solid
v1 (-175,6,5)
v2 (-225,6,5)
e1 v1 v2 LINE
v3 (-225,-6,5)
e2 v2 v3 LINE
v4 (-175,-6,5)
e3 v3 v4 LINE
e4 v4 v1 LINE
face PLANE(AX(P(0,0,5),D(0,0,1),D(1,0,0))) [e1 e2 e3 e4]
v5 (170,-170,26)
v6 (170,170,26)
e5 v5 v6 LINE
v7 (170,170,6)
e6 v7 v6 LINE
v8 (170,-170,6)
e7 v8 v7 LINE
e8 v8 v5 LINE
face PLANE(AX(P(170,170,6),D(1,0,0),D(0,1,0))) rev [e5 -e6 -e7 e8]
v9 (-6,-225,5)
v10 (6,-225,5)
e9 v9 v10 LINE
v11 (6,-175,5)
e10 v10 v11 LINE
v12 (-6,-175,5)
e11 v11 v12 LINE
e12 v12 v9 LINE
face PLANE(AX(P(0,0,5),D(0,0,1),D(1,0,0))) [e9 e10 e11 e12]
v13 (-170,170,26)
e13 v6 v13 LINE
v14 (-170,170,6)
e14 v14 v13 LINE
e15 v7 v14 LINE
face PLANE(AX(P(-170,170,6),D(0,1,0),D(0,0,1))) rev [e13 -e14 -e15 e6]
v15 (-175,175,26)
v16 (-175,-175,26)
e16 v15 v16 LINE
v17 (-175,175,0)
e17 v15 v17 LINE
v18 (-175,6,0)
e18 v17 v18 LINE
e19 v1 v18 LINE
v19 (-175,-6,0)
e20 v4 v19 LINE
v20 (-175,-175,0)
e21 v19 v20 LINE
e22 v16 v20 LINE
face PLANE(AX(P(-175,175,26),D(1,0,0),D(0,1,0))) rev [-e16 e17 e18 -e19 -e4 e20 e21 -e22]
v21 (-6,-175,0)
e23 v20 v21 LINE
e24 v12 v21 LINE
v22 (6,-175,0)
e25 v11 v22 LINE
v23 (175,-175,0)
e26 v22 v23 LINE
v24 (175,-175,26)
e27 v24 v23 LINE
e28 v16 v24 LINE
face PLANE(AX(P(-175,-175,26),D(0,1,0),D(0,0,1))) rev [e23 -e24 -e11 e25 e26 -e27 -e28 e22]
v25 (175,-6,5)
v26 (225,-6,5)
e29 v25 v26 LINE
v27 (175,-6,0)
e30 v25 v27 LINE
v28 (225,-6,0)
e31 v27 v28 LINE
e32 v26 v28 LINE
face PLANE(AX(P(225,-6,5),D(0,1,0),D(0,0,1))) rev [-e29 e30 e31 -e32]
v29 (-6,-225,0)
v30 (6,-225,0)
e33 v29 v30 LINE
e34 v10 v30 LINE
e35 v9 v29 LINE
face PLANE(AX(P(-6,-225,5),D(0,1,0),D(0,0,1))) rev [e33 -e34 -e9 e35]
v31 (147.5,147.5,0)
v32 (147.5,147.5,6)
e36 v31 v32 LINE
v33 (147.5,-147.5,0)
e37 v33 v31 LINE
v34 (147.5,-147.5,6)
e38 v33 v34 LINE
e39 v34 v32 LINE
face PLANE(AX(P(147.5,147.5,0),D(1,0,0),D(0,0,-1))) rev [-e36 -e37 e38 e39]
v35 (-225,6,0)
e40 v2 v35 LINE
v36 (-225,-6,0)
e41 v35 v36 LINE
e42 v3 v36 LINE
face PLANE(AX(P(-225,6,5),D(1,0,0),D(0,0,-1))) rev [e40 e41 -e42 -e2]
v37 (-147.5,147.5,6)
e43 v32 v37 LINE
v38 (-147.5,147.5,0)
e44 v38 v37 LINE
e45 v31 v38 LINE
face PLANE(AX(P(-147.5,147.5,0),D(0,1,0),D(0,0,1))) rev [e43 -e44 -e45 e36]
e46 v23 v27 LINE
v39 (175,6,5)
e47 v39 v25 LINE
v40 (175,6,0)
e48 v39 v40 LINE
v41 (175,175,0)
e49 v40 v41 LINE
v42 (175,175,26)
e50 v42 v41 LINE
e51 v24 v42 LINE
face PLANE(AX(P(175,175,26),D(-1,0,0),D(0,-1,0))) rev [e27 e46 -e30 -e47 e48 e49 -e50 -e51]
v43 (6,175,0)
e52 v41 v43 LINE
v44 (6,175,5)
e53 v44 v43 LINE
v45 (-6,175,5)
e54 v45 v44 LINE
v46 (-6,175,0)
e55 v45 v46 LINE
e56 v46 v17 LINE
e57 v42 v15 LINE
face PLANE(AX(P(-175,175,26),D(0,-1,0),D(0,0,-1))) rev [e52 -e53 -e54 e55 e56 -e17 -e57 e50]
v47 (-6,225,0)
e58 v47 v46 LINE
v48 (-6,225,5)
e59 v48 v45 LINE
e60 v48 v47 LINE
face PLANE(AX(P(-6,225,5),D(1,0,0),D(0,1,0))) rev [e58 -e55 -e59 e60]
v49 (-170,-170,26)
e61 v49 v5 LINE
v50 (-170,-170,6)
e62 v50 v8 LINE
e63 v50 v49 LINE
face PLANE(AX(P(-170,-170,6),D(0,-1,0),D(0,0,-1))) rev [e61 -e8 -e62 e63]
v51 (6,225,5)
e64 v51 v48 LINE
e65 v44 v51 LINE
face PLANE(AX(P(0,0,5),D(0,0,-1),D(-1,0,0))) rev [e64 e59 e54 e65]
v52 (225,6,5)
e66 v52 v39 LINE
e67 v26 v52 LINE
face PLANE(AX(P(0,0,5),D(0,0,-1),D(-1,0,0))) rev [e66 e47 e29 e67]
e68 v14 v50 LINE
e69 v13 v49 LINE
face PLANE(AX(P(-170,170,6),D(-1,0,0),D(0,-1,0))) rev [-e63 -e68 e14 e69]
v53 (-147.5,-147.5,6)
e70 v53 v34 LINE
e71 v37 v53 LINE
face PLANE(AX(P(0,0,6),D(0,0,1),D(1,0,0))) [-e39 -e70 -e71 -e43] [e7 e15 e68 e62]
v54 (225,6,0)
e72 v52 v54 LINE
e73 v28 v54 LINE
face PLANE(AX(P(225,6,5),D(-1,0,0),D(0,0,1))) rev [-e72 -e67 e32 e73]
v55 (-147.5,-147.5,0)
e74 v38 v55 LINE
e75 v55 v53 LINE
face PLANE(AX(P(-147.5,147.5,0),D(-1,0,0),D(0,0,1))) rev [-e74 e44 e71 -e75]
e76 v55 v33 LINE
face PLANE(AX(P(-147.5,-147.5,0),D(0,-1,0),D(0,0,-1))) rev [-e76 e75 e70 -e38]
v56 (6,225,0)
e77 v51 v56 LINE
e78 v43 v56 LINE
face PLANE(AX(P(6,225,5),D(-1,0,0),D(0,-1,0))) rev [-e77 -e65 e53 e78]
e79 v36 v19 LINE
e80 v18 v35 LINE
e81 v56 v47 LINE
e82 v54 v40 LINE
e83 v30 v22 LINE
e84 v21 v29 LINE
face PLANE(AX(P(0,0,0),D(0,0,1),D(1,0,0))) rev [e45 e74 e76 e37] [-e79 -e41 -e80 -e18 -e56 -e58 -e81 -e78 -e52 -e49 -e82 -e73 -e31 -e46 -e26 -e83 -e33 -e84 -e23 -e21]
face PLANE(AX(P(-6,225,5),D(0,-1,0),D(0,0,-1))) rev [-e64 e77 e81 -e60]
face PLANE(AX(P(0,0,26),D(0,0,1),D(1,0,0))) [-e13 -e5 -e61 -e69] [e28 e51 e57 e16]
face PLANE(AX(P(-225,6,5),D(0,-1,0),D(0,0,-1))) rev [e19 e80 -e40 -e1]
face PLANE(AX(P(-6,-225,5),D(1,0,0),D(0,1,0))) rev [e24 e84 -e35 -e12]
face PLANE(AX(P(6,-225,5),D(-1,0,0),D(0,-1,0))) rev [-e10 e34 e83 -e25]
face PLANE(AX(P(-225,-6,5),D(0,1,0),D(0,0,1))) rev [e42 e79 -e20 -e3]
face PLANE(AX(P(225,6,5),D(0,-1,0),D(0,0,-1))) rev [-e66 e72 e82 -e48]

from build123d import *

# Parameters (mm, degrees)
ESQUISSE1_W             = 350
ESQUISSE1_H             = 350
BOSS_EXTRU_1_DEPTH      = 26
ESQUISSE2_W             = 340
ESQUISSE2_H             = 340
ESQUISSE2_W_2           = 295
ESQUISSE2_H_2           = 295
ENL_V_MAT_EXTRU_1_DEPTH = 20
ESQUISSE3_W             = 295
ESQUISSE3_H             = 295
ENL_V_MAT_EXTRU_2_DEPTH = 249.849352018
ESQUISSE4_W             = 50
ESQUISSE4_H             = 12
ESQUISSE4_W_2           = 12
ESQUISSE4_H_2           = 50
BOSS_EXTRU_2_DEPTH      = 5


with BuildPart() as part:
    # Esquisse1 → Boss.-Extru.1 (new body)
    with BuildSketch(Plane.XY):
        Rectangle(ESQUISSE1_W, ESQUISSE1_H)
    extrude(amount=BOSS_EXTRU_1_DEPTH)

    # Esquisse2 → Enlèv. mat.-Extru.1 (cut)
    with BuildSketch(Plane.XY.offset(26)):
        Rectangle(ESQUISSE2_W, ESQUISSE2_H)
        Rectangle(ESQUISSE2_W_2, ESQUISSE2_H_2, mode=Mode.SUBTRACT)
    extrude(amount=-ENL_V_MAT_EXTRU_1_DEPTH, mode=Mode.SUBTRACT)

    # Esquisse3 → Enlèv. mat.-Extru.2 (cut, through all)
    with BuildSketch(Plane.XY.offset(26)):
        Rectangle(ESQUISSE3_W, ESQUISSE3_H)
    extrude(amount=-ENL_V_MAT_EXTRU_2_DEPTH, mode=Mode.SUBTRACT)

    # Esquisse4 → Boss.-Extru.2 (add)
    with BuildSketch(Plane.XY):
        with Locations((-200, 0)):
            Rectangle(ESQUISSE4_W, ESQUISSE4_H)
        with Locations((200, 0)):
            Rectangle(ESQUISSE4_W, ESQUISSE4_H)
        with Locations((0, 200)):
            Rectangle(ESQUISSE4_W_2, ESQUISSE4_H_2)
        with Locations((0, -200)):
            Rectangle(ESQUISSE4_W_2, ESQUISSE4_H_2)
    extrude(amount=BOSS_EXTRU_2_DEPTH)


solid = part.part
